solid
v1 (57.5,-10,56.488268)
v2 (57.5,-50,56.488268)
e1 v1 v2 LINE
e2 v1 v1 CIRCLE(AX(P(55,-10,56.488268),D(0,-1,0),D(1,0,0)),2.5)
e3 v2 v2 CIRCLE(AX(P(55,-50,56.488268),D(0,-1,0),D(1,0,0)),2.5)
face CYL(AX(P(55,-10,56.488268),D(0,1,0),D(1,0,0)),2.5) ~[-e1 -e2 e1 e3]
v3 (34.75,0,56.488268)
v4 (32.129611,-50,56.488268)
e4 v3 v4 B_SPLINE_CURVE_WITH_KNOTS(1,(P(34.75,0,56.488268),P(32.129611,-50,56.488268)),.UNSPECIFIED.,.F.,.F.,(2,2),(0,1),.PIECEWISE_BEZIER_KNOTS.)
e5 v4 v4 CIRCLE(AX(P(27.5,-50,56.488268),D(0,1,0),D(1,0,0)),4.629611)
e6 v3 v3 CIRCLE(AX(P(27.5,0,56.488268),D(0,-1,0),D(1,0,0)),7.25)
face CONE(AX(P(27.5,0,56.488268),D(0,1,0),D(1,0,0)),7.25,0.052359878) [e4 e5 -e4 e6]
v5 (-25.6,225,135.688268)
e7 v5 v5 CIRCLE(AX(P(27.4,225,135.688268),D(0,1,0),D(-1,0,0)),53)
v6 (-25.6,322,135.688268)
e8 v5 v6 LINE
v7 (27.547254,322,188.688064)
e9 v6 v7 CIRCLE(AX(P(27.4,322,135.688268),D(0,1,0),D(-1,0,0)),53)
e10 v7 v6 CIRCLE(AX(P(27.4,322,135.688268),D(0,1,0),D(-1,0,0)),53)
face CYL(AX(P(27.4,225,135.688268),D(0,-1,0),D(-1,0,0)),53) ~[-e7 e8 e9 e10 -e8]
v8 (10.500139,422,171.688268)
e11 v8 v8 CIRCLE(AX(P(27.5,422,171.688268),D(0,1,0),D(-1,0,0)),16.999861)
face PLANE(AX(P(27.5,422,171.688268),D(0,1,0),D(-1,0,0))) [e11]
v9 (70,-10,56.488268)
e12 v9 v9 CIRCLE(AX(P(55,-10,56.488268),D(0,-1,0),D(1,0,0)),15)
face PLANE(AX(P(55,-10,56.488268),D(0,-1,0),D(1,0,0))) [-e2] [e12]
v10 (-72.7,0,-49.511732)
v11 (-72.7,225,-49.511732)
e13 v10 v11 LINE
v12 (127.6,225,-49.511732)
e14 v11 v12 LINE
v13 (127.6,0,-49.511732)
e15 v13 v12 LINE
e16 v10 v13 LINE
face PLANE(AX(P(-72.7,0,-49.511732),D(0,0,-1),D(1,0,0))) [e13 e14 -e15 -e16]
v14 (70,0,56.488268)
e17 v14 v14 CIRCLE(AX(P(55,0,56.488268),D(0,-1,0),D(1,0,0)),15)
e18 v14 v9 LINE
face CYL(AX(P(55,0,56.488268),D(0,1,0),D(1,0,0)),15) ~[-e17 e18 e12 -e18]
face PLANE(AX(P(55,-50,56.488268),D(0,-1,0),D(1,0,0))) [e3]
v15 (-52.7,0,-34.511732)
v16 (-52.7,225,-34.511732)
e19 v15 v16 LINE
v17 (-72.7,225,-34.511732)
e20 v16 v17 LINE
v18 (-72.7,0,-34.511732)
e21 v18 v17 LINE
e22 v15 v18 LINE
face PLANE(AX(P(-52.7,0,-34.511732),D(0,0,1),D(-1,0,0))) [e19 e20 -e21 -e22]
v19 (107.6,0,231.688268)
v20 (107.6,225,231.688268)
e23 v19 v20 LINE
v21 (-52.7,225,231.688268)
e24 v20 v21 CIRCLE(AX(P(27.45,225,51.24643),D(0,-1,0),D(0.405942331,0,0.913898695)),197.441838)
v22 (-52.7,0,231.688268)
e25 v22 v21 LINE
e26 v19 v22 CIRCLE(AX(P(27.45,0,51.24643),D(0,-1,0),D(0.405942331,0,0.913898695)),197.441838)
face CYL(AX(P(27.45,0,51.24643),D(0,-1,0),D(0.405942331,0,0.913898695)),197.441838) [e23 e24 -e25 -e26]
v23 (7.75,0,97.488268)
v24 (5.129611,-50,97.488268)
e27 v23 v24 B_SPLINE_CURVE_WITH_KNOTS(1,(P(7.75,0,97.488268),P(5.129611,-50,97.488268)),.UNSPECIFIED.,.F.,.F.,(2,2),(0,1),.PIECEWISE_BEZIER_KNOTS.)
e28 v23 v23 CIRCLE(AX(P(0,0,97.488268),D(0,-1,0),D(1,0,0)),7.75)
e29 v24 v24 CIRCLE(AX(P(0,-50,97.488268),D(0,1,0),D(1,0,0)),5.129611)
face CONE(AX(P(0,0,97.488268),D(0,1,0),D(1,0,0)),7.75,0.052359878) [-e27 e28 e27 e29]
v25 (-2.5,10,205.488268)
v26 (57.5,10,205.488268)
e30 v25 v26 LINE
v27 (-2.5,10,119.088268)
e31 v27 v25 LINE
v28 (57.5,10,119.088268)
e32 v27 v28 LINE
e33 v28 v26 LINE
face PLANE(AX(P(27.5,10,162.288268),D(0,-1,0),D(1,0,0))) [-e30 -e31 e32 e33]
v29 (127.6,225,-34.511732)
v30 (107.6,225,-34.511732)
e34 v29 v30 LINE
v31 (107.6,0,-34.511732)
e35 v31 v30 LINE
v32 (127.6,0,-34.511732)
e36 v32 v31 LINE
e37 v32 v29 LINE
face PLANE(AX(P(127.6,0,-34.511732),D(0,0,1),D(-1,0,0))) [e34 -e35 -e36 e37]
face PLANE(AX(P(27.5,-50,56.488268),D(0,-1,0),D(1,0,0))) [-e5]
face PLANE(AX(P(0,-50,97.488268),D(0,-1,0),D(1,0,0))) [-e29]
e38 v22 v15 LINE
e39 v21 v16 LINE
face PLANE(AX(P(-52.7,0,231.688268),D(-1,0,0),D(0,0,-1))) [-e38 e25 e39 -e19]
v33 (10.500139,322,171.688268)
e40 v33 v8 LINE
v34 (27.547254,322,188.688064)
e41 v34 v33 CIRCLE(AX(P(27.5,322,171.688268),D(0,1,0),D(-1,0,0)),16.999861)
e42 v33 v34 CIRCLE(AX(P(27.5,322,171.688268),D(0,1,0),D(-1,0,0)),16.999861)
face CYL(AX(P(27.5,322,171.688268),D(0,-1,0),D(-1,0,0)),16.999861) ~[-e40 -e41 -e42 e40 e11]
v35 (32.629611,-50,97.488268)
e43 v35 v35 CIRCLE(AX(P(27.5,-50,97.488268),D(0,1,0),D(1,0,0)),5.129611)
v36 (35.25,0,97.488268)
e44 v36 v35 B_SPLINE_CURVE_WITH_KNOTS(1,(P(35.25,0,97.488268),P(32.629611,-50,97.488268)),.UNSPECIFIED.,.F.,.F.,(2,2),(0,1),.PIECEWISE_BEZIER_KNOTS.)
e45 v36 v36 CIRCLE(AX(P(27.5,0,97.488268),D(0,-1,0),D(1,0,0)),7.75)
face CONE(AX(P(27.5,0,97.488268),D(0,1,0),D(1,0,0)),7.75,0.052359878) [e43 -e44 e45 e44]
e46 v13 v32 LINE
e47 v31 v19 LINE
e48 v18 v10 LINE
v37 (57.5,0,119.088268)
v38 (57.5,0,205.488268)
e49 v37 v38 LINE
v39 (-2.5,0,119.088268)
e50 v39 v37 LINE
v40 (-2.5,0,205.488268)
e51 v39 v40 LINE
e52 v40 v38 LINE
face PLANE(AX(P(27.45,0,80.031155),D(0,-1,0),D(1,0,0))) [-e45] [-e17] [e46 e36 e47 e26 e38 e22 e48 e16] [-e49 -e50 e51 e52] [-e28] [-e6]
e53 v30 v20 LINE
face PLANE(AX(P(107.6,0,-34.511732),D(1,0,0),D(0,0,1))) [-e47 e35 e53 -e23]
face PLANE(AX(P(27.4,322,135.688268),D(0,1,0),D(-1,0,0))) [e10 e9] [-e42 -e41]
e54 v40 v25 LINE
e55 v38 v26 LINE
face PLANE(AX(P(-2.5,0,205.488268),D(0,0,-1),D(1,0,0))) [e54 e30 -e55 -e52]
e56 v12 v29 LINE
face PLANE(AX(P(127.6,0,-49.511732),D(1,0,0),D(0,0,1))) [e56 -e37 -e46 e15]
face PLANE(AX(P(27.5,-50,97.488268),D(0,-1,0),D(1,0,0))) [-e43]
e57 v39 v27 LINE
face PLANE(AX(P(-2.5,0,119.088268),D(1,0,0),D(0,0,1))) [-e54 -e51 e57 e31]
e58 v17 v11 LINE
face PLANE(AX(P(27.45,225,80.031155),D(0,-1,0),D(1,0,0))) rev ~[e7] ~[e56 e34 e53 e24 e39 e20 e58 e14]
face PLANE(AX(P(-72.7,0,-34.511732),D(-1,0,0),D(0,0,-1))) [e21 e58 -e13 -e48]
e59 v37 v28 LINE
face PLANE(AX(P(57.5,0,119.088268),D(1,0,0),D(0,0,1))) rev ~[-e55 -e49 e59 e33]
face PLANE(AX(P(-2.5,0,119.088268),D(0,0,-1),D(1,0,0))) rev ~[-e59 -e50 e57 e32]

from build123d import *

# Parameters (mm, degrees)
F0_R      = 7.75
F0_R_2    = 7.25
F0_R_3    = 15
F0_W      = 60
F0_H      = 86.4
F1_DEPTH  = 225
F2_DEPTH  = 50
F2_TAPER  = 3
F3_DEPTH  = 50
F3_TAPER  = 3
F4_DEPTH  = 10
F5_DEPTH  = 10
F6_R      = 2.5
F7_DEPTH  = 40
F8_R      = 53
F9_DEPTH  = 97
F10_R     = 16.9998611114
F11_DEPTH = 100


with BuildPart() as f1:
    # F0 (on Front) → F1 (new body)
    with BuildSketch(Plane.XZ):
        Polygon((-72.7, -34.5117315553), (-72.7, -49.5117315553), (127.6, -49.5117315553), (127.6, -34.5117315553), (107.6, -34.5117315553), (107.6, 231.6882684447), (-52.7, 231.6882684447), (-52.7, -34.5117315553), align=None)
        with Locations((0, 97.4882684447)):
            Circle(F0_R, mode=Mode.SUBTRACT)
        with Locations((27.5, 56.4882684447)):
            Circle(F0_R_2, mode=Mode.SUBTRACT)
        with Locations((55, 56.4882684447)):
            Circle(F0_R_3, mode=Mode.SUBTRACT)
        with Locations((27.5, 97.4882684447)):
            Circle(F0_R, mode=Mode.SUBTRACT)
        with Locations((27.5, 162.2882684447)):
            Rectangle(F0_W, F0_H, mode=Mode.SUBTRACT)
        with BuildLine():
            ThreePointArc((107.6, 231.6882684447), (27.45, 248.6882684447), (-52.7, 231.6882684447))
            Line((-52.7, 231.6882684447), (107.6, 231.6882684447))
        make_face()
        with Locations((27.5, 162.2882684447)):
            Rectangle(F0_W, F0_H)
        with Locations((0, 97.4882684447)):
            Circle(F0_R)
        with Locations((27.5, 97.4882684447)):
            Circle(F0_R)
        with Locations((55, 56.4882684447)):
            Circle(F0_R_3)
        with Locations((27.5, 56.4882684447)):
            Circle(F0_R_2)
    extrude(amount=-F1_DEPTH)

    # F0 (on Front) → F2 (join)
    with BuildSketch(Plane.XZ):
        with Locations((0, 97.4882684447)):
            Circle(F0_R)
        with Locations((27.5, 97.4882684447)):
            Circle(F0_R)
    extrude(amount=F2_DEPTH, taper=F2_TAPER)

    # F0 (on Front) → F3 (join)
    with BuildSketch(Plane.XZ):
        with Locations((27.5, 56.4882684447)):
            Circle(F0_R_2)
    extrude(amount=F3_DEPTH, taper=F3_TAPER)

    # F0 (on Front) → F4 (cut)
    with BuildSketch(Plane.XZ):
        with Locations((27.5, 162.2882684447)):
            Rectangle(F0_W, F0_H)
    extrude(amount=-F4_DEPTH, mode=Mode.SUBTRACT)

    # F0 (on Front) → F5 (join)
    with BuildSketch(Plane.XZ):
        with Locations((55, 56.4882684447)):
            Circle(F0_R_3)
    extrude(amount=F5_DEPTH)

    # F6 (on face) → F7 (join)
    with BuildSketch(Plane.XZ.offset(10)):
        with Locations((55, 56.4882684447)):
            Circle(F6_R)
    extrude(amount=F7_DEPTH)

    # F8 (on face) → F9 (join)
    with BuildSketch(Plane(origin=(0, 225, 0), x_dir=(-1, 0, 0), z_dir=(0, 1, 0))):
        with Locations((-27.4, 135.6882684447)):
            Circle(F8_R)
    extrude(amount=F9_DEPTH)

    # F10 (on face) → F11 (join)
    with BuildSketch(Plane(origin=(0, 322, 0), x_dir=(-1, 0, 0), z_dir=(0, 1, 0))):
        with Locations((-27.5, 171.6882684447)):
            Circle(F10_R)
    extrude(amount=F11_DEPTH)


solid = f1.part
